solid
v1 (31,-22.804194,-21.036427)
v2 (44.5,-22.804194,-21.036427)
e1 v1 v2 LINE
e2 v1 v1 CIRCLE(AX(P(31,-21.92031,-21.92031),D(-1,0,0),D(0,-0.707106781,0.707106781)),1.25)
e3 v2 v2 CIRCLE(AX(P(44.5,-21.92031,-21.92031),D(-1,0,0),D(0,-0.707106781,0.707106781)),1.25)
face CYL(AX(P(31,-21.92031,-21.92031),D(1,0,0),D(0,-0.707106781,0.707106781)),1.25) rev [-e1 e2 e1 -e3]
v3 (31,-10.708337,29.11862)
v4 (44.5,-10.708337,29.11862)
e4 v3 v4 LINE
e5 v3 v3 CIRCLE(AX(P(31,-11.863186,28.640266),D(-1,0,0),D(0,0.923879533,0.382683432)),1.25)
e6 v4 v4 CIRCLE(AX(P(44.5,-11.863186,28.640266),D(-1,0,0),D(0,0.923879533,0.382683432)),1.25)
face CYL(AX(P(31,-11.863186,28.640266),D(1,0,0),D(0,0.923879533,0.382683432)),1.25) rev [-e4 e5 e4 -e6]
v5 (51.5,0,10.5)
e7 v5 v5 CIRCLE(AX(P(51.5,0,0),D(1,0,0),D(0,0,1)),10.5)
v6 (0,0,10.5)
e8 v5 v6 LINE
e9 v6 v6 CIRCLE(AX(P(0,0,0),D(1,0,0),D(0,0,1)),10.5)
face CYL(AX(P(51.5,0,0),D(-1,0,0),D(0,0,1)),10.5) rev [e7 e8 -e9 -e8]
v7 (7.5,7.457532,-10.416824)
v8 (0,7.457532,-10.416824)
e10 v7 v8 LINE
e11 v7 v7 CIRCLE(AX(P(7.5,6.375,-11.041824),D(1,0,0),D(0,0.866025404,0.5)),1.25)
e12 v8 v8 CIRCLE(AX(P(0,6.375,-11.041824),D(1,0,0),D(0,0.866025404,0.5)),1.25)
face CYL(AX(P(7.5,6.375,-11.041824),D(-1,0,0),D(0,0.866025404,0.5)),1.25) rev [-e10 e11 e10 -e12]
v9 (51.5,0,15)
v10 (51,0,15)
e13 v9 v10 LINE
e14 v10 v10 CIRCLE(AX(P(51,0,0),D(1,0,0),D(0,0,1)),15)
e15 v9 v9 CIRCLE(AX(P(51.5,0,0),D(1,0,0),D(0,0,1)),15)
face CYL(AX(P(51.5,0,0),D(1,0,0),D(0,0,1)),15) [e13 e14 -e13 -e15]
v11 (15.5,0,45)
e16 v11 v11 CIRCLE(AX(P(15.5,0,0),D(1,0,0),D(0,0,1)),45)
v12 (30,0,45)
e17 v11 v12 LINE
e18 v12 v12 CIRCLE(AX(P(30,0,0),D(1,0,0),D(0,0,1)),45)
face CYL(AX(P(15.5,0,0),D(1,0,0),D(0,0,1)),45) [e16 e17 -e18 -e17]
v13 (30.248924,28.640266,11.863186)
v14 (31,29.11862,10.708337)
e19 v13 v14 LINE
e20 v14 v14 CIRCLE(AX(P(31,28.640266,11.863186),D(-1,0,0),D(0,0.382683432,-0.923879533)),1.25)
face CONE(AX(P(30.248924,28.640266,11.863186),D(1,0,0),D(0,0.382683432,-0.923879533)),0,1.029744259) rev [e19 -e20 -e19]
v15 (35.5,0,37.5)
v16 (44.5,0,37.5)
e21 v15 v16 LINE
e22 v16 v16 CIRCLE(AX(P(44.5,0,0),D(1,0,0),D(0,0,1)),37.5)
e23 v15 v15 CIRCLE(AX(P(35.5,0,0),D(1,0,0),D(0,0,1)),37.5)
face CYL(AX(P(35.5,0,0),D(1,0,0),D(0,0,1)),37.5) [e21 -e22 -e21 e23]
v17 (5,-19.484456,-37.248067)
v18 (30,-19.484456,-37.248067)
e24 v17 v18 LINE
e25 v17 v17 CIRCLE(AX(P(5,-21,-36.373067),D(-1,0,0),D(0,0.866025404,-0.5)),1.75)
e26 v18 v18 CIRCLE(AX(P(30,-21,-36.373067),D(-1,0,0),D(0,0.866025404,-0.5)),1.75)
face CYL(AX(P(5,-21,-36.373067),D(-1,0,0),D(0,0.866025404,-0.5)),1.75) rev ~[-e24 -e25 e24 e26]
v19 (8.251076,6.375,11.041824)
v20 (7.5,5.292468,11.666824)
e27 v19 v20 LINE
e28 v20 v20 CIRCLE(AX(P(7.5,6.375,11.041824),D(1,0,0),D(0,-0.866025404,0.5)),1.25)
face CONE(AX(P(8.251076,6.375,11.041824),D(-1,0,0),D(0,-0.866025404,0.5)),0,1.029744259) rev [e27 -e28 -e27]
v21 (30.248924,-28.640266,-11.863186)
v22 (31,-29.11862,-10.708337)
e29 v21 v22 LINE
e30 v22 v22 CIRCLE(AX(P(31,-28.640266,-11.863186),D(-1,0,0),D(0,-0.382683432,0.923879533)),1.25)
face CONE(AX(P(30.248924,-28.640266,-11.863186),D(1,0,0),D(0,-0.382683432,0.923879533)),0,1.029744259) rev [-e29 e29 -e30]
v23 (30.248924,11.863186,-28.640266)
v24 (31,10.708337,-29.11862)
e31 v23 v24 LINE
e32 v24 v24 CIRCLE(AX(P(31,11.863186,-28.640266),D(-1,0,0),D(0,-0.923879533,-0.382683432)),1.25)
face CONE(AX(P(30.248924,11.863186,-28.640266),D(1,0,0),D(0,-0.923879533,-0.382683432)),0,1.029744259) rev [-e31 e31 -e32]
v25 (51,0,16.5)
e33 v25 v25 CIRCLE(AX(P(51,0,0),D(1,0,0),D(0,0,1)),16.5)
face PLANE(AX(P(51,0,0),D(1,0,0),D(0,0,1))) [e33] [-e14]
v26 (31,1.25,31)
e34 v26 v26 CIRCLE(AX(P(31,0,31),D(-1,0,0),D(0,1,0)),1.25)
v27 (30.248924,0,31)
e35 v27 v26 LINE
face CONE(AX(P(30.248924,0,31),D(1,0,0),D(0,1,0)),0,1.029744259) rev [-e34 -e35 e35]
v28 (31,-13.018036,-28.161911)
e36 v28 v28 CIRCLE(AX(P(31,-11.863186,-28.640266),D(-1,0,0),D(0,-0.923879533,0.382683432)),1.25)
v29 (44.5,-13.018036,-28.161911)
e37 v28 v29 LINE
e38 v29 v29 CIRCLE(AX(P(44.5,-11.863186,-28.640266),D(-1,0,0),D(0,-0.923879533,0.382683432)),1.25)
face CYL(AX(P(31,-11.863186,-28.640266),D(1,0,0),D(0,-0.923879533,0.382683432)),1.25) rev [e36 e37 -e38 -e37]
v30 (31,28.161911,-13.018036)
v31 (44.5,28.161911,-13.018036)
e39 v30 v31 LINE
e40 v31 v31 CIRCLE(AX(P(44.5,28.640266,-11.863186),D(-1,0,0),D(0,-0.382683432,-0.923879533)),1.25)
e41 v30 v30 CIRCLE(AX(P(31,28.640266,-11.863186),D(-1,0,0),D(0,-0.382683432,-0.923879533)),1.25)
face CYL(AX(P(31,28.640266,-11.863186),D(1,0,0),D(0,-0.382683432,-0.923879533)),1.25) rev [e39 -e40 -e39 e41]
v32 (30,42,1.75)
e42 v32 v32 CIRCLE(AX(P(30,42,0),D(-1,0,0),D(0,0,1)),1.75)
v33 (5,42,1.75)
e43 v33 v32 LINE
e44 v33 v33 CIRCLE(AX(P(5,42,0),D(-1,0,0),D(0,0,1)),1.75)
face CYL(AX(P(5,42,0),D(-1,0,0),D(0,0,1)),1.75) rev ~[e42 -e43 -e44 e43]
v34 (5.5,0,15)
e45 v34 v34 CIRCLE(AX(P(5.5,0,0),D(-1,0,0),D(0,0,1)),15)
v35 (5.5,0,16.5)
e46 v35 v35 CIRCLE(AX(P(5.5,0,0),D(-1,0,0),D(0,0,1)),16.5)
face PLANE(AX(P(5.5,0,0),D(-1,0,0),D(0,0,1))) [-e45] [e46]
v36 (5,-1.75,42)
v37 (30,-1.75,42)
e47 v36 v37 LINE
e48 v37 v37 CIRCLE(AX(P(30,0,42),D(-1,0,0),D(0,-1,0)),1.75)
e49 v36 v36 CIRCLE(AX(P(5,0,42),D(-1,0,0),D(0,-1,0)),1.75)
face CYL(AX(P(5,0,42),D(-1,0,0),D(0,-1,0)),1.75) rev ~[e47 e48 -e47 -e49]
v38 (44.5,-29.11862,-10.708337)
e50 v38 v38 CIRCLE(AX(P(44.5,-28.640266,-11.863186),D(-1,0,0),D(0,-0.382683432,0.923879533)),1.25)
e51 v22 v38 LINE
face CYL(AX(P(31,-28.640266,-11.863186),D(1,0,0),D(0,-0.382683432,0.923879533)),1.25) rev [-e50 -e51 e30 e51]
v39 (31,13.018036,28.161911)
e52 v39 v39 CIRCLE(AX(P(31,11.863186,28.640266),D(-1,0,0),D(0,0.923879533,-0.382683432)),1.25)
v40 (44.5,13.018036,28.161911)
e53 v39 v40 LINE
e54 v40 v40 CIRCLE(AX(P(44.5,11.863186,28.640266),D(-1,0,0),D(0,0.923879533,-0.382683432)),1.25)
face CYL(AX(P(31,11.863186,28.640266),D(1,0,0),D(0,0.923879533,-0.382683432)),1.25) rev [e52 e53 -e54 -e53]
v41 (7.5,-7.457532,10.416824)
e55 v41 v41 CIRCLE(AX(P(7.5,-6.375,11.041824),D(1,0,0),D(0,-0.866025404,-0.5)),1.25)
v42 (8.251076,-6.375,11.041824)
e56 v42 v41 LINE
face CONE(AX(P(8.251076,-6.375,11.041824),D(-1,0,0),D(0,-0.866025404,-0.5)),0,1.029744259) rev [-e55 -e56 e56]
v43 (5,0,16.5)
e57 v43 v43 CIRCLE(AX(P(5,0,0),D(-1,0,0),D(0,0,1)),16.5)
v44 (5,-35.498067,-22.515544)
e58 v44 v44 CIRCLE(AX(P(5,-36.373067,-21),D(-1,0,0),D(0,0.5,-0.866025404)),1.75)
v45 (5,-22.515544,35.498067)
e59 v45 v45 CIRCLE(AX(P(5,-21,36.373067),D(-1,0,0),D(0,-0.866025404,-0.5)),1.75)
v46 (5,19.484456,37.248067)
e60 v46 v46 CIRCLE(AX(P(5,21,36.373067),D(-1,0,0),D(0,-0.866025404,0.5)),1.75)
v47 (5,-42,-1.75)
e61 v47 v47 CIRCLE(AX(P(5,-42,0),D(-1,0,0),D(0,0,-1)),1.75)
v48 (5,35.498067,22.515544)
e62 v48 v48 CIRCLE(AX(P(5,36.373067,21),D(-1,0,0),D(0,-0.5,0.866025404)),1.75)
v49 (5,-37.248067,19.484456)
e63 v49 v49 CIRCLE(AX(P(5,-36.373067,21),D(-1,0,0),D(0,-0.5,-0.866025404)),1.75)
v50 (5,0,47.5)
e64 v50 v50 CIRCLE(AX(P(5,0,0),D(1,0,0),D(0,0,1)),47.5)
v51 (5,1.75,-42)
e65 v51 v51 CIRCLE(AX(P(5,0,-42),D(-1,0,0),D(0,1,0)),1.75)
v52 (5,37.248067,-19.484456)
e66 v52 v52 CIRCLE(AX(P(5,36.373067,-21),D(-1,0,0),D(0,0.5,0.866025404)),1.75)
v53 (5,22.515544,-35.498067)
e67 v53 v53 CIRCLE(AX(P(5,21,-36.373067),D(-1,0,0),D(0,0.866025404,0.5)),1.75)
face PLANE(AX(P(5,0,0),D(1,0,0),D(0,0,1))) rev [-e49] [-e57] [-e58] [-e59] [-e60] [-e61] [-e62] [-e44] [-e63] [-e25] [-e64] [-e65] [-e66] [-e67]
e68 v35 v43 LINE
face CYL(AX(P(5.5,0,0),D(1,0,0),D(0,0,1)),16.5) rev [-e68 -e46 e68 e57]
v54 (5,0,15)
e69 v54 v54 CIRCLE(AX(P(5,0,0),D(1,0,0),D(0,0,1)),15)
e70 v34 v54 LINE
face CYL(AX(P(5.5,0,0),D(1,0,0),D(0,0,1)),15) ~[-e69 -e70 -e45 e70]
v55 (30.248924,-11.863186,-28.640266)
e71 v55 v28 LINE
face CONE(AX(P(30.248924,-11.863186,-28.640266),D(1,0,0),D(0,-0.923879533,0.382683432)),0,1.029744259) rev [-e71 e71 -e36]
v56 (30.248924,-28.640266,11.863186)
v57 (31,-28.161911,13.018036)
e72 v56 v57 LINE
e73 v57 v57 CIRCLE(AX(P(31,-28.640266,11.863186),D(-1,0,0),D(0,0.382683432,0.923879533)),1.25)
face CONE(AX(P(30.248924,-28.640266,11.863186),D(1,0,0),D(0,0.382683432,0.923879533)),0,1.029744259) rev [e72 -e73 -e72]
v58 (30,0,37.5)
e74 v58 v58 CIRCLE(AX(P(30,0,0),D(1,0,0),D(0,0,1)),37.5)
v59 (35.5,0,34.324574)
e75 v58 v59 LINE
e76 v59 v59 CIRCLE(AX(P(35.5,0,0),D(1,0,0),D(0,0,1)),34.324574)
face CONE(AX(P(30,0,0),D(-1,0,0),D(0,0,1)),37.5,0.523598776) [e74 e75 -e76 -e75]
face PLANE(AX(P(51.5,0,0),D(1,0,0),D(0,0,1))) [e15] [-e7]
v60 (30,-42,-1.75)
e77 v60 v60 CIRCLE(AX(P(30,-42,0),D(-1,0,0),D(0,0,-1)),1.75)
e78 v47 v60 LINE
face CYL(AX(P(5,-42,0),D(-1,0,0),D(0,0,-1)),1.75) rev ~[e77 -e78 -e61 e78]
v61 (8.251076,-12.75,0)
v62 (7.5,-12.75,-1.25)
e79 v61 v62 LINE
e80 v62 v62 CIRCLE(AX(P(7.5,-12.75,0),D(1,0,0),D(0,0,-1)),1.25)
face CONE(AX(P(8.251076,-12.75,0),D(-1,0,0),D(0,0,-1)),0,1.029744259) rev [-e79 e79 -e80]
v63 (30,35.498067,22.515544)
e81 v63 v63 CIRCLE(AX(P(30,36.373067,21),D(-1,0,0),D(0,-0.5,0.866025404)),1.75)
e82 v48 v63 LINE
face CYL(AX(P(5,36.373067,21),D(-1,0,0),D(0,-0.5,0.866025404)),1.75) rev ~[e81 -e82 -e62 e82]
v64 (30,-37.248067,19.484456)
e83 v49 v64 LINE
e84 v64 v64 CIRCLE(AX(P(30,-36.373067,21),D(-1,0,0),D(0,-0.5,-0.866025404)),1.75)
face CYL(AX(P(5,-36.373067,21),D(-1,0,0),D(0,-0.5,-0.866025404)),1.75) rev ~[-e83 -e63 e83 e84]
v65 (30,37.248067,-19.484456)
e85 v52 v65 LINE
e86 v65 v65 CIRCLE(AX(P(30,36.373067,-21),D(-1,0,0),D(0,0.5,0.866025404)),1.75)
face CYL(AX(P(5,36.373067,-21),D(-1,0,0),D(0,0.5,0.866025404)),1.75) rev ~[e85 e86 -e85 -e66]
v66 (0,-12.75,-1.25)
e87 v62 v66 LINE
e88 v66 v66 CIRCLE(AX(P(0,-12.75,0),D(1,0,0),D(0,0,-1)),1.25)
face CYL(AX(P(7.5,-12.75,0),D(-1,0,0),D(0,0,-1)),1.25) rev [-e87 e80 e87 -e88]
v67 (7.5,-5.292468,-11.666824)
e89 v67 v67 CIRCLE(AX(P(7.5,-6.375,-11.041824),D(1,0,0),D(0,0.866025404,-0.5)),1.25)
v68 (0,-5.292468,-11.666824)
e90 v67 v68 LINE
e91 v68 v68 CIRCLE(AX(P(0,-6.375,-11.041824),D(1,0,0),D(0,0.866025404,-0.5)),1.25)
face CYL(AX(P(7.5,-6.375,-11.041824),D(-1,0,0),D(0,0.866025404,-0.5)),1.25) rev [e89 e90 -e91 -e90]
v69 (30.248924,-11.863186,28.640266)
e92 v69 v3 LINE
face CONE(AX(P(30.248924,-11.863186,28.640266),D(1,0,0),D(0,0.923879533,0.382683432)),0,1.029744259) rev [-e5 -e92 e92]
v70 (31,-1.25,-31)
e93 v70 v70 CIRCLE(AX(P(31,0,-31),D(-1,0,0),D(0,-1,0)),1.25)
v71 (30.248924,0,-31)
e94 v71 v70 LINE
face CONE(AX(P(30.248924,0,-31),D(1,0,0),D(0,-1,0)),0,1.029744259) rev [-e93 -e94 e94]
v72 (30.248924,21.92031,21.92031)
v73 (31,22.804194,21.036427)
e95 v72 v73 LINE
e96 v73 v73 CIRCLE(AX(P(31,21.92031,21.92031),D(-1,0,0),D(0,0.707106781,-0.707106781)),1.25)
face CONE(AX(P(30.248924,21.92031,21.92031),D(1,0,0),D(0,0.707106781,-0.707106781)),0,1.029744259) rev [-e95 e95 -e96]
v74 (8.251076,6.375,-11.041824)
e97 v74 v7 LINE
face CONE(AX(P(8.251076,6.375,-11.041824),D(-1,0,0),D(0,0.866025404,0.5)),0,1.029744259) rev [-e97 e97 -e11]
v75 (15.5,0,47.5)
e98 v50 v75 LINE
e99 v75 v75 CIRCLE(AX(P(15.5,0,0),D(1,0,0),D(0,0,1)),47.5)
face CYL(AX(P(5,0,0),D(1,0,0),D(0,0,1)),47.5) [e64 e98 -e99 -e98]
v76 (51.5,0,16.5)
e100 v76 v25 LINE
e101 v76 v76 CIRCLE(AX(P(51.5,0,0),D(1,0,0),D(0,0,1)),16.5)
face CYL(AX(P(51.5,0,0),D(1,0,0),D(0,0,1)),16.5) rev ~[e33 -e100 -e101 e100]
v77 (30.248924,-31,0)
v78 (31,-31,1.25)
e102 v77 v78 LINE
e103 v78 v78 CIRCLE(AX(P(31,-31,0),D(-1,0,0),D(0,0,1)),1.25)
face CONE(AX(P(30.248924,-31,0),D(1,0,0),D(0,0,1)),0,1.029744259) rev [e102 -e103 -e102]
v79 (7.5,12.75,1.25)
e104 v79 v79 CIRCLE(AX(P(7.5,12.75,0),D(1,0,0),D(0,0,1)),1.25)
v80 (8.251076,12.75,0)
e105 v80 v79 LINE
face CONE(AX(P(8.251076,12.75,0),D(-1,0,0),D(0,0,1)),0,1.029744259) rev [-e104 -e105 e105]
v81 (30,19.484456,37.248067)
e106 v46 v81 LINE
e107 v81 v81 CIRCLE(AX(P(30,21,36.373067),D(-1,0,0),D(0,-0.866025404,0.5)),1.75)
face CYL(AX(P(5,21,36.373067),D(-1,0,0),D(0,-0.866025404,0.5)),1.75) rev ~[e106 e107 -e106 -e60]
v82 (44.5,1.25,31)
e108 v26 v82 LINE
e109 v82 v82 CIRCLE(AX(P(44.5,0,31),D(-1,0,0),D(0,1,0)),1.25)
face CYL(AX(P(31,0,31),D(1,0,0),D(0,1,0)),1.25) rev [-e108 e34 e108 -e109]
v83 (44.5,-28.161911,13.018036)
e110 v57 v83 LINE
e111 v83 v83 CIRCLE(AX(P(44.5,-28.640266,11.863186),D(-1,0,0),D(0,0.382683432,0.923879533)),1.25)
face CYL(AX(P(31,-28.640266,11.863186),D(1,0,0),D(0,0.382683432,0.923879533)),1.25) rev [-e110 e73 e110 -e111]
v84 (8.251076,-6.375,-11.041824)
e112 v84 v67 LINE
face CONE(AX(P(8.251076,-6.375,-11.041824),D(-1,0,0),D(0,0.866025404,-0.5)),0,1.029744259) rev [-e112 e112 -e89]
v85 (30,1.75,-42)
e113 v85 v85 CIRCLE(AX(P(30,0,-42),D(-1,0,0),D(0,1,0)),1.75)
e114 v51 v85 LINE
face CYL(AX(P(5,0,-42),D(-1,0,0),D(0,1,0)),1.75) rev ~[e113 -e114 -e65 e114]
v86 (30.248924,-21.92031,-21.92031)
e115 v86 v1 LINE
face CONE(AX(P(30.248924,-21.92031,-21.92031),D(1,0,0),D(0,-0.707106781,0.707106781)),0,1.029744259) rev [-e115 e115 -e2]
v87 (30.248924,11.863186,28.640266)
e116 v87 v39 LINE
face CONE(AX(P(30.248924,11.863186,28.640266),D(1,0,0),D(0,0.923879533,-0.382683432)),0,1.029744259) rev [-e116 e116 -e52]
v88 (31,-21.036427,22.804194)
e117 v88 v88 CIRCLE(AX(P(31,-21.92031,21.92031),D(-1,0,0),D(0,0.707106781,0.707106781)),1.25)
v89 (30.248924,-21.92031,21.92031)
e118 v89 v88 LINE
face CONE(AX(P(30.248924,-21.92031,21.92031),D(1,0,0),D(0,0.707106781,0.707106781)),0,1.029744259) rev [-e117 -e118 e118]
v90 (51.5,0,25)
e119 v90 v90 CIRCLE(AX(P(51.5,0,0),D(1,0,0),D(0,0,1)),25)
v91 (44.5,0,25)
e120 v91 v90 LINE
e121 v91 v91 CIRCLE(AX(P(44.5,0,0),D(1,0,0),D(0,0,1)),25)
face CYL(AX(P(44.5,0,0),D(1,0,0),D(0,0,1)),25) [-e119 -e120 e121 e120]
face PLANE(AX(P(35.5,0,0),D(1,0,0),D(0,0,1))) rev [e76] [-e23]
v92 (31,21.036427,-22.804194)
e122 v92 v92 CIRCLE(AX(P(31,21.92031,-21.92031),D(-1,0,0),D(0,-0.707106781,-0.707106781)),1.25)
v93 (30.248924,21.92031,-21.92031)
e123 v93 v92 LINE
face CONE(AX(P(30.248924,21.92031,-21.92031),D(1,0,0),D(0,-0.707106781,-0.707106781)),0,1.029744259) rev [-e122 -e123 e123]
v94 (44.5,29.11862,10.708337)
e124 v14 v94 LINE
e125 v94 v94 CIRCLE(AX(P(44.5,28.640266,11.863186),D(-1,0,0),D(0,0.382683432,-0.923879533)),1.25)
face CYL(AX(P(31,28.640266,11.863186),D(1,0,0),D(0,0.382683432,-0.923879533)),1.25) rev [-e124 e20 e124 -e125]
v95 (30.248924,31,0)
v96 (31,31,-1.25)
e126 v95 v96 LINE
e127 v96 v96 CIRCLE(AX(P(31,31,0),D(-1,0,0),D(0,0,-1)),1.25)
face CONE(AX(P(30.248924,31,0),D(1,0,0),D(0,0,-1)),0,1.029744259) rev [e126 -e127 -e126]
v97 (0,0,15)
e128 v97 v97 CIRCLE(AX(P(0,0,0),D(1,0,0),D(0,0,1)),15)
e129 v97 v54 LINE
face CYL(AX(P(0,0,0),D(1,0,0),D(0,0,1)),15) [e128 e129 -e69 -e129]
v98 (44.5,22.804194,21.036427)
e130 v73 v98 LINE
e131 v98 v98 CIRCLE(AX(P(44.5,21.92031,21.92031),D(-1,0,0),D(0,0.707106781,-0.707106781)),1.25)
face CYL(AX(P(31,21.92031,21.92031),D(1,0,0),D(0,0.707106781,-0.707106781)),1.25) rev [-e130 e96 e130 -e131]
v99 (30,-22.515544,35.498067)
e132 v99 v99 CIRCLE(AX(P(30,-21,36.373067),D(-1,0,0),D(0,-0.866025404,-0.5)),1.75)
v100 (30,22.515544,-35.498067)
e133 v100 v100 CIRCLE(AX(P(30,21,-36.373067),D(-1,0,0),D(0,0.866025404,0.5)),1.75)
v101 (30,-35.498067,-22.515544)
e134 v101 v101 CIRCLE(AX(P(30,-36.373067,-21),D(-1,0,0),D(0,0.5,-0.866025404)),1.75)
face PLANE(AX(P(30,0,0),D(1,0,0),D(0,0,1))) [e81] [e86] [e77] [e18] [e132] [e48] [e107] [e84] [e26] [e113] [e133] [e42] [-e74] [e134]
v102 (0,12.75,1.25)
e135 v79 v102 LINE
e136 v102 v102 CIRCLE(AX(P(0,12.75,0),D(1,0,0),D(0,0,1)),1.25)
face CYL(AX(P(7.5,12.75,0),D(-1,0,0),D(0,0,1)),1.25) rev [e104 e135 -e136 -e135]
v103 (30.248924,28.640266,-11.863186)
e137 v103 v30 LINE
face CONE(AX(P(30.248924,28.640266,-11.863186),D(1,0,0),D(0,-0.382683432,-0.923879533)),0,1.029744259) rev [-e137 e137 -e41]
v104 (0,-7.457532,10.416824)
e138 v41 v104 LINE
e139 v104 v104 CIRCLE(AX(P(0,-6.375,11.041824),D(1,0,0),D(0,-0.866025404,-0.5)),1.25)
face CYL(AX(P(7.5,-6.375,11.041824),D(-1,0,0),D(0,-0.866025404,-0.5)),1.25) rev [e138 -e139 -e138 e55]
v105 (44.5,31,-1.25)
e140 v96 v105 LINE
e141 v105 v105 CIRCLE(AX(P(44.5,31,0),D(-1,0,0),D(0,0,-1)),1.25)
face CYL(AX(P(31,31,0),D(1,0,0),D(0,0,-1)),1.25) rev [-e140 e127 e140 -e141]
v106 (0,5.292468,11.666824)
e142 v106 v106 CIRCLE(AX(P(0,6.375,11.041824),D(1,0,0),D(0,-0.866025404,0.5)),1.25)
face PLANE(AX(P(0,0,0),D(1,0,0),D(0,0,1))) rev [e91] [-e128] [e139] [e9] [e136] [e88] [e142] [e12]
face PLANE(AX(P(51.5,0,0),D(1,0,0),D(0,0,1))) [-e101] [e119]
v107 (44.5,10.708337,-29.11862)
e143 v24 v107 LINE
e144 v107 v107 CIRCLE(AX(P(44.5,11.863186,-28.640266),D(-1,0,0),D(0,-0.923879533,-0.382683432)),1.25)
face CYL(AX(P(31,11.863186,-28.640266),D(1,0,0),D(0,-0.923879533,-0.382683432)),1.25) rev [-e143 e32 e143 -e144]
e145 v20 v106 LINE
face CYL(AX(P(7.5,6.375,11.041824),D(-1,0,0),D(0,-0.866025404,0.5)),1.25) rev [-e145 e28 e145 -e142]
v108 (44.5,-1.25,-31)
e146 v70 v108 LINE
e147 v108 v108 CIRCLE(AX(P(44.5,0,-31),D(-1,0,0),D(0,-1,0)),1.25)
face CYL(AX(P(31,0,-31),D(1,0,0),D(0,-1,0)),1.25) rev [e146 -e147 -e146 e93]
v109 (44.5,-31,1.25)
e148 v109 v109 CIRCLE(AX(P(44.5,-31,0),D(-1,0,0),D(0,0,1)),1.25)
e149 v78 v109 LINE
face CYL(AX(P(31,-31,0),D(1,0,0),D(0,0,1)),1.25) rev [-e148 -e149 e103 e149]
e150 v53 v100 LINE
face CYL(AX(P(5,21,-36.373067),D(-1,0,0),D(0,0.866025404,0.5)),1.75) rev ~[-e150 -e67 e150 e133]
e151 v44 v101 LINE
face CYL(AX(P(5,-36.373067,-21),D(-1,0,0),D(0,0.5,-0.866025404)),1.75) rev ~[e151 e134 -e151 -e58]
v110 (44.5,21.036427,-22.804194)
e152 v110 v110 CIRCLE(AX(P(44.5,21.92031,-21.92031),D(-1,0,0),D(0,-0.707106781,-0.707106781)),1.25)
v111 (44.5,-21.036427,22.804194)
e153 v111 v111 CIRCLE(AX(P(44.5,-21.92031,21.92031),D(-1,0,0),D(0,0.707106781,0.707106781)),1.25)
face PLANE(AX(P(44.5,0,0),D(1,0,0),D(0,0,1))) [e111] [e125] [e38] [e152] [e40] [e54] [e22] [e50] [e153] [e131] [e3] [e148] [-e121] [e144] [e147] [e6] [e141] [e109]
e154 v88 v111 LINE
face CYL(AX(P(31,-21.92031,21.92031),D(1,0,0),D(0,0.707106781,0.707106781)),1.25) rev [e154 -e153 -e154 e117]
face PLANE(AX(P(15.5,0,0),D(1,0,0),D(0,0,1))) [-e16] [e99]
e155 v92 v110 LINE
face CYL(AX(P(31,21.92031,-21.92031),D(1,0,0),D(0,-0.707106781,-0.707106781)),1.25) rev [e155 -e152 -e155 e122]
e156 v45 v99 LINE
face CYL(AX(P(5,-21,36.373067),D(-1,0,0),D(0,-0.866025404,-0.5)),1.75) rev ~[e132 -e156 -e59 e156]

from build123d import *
from build123d.topology import SkipClean

# Parameters (mm, degrees)
CUT_EXTRUDE_1_REACH      = 83.699
SKETCH_5_R               = 1.75
PATTERN_CIRCULAR_2_COUNT = 12
PATTERN_CIRCULAR_5_COUNT = 16
PATTERN_CIRCULAR_6_COUNT = 6
CUT_EXTRUDE_START        = -0.5
SKETCH_19_R              = 16.5
SKETCH_19_R_2            = 15
CUT_EXTRUDE_6_DEPTH      = 0.5
SKETCH_20_R              = 16.5
SKETCH_20_R_2            = 15
CUT_EXTRUDE_7_DEPTH      = 0.5


with BuildPart() as part:
    # 草图1 → 旋转1 (revolve)
    with BuildSketch(Plane.XY):
        Polygon((0, 10.5), (0, 15), (5, 15), (5, 47.5), (15.5, 47.5), (15.5, 45), (30, 45), (30, 37.5), (35.5, 34.324573519), (35.5, 37.5), (44.5, 37.5), (44.5, 25), (51.5, 25), (51.5, 10.5), align=None)
    revolve(axis=Axis((-65.200779727, 0, 0), (1, 0, 0)))

    # 草图5 → 切除-拉伸1 (cut, up to next)
    with BuildSketch(Plane.ZY.offset(-5), mode=Mode.PRIVATE) as cut_extrude_1_sk1:
        with Locations((0, 42)):
            Circle(SKETCH_5_R)
    cut_extrude_1_tool1 = extrude(cut_extrude_1_sk1.sketch, amount=-CUT_EXTRUDE_1_REACH, mode=Mode.PRIVATE) & part.part
    cut_extrude_1 = cut_extrude_1_tool1.solids().sort_by_distance((5, 42, 0))[0]
    add(cut_extrude_1, mode=Mode.SUBTRACT)

    # 阵列(圆周)2: 切除-拉伸1 ×12 about axis
    pattern_circular_2_axis = Axis((51.5, 0, 0), (-1, 0, 0))
    for i in range(1, PATTERN_CIRCULAR_2_COUNT):
        add(cut_extrude_1.rotate(pattern_circular_2_axis, i * 360 / PATTERN_CIRCULAR_2_COUNT), mode=Mode.SUBTRACT)

    # 草图15 → M3 螺纹孔4 (revolve, cut)
    with BuildSketch(Plane(origin=(44.5, 31, 0), x_dir=(0, 0, -1), z_dir=(0, 1, 0))):
        Polygon((0, 0), (0, 14.251075774), (1.25, 13.5), (1.25, 0), align=None)
    hole_wizard_m3_4 = revolve(axis=Axis((50.85, 31, 0), (-1, 0, 0)), mode=Mode.SUBTRACT)

    # 阵列(圆周)5: M3 螺纹孔4 ×16 about axis
    pattern_circular_5_axis = Axis((51.5, 0, 0), (-1, 0, 0))
    for i in range(1, PATTERN_CIRCULAR_5_COUNT):
        add(hole_wizard_m3_4.rotate(pattern_circular_5_axis, i * 360 / PATTERN_CIRCULAR_5_COUNT), mode=Mode.SUBTRACT)

    # 草图17 → M3 螺纹孔5 (revolve, cut)
    with BuildSketch(Plane.ZX.offset(12.75)):
        Polygon((0, 0), (0, 8.251075774), (1.25, 7.5), (1.25, 0), align=None)
    hole_wizard_m3_5 = revolve(axis=Axis((-6.35, 12.75, 0), (1, 0, 0)), mode=Mode.SUBTRACT)

    # 阵列(圆周)6: M3 螺纹孔5 ×6 about axis
    pattern_circular_6_axis = Axis((51.5, 0, 0), (-1, 0, 0))
    for i in range(1, PATTERN_CIRCULAR_6_COUNT):
        add(hole_wizard_m3_5.rotate(pattern_circular_6_axis, i * 360 / PATTERN_CIRCULAR_6_COUNT), mode=Mode.SUBTRACT)

    # 草图19 → 切除-拉伸6 (cut)
    with SkipClean():  # the faces are left unmerged after this step: merging them gives an invalid solid
        with BuildSketch(Plane.ZY.offset(-5).offset(CUT_EXTRUDE_START)):
            Circle(SKETCH_19_R)
            Circle(SKETCH_19_R_2, mode=Mode.SUBTRACT)
        extrude(amount=CUT_EXTRUDE_6_DEPTH, mode=Mode.SUBTRACT)

    # 草图20 → 切除-拉伸7 (cut)
    with SkipClean():  # the faces are left unmerged after this step: merging them gives an invalid solid
        with BuildSketch(Plane(origin=(51.5, 0, 0), x_dir=(0, 0, -1), z_dir=(1, 0, 0))):
            Circle(SKETCH_20_R)
            Circle(SKETCH_20_R_2, mode=Mode.SUBTRACT)
        extrude(amount=-CUT_EXTRUDE_7_DEPTH, mode=Mode.SUBTRACT)


solid = part.part
